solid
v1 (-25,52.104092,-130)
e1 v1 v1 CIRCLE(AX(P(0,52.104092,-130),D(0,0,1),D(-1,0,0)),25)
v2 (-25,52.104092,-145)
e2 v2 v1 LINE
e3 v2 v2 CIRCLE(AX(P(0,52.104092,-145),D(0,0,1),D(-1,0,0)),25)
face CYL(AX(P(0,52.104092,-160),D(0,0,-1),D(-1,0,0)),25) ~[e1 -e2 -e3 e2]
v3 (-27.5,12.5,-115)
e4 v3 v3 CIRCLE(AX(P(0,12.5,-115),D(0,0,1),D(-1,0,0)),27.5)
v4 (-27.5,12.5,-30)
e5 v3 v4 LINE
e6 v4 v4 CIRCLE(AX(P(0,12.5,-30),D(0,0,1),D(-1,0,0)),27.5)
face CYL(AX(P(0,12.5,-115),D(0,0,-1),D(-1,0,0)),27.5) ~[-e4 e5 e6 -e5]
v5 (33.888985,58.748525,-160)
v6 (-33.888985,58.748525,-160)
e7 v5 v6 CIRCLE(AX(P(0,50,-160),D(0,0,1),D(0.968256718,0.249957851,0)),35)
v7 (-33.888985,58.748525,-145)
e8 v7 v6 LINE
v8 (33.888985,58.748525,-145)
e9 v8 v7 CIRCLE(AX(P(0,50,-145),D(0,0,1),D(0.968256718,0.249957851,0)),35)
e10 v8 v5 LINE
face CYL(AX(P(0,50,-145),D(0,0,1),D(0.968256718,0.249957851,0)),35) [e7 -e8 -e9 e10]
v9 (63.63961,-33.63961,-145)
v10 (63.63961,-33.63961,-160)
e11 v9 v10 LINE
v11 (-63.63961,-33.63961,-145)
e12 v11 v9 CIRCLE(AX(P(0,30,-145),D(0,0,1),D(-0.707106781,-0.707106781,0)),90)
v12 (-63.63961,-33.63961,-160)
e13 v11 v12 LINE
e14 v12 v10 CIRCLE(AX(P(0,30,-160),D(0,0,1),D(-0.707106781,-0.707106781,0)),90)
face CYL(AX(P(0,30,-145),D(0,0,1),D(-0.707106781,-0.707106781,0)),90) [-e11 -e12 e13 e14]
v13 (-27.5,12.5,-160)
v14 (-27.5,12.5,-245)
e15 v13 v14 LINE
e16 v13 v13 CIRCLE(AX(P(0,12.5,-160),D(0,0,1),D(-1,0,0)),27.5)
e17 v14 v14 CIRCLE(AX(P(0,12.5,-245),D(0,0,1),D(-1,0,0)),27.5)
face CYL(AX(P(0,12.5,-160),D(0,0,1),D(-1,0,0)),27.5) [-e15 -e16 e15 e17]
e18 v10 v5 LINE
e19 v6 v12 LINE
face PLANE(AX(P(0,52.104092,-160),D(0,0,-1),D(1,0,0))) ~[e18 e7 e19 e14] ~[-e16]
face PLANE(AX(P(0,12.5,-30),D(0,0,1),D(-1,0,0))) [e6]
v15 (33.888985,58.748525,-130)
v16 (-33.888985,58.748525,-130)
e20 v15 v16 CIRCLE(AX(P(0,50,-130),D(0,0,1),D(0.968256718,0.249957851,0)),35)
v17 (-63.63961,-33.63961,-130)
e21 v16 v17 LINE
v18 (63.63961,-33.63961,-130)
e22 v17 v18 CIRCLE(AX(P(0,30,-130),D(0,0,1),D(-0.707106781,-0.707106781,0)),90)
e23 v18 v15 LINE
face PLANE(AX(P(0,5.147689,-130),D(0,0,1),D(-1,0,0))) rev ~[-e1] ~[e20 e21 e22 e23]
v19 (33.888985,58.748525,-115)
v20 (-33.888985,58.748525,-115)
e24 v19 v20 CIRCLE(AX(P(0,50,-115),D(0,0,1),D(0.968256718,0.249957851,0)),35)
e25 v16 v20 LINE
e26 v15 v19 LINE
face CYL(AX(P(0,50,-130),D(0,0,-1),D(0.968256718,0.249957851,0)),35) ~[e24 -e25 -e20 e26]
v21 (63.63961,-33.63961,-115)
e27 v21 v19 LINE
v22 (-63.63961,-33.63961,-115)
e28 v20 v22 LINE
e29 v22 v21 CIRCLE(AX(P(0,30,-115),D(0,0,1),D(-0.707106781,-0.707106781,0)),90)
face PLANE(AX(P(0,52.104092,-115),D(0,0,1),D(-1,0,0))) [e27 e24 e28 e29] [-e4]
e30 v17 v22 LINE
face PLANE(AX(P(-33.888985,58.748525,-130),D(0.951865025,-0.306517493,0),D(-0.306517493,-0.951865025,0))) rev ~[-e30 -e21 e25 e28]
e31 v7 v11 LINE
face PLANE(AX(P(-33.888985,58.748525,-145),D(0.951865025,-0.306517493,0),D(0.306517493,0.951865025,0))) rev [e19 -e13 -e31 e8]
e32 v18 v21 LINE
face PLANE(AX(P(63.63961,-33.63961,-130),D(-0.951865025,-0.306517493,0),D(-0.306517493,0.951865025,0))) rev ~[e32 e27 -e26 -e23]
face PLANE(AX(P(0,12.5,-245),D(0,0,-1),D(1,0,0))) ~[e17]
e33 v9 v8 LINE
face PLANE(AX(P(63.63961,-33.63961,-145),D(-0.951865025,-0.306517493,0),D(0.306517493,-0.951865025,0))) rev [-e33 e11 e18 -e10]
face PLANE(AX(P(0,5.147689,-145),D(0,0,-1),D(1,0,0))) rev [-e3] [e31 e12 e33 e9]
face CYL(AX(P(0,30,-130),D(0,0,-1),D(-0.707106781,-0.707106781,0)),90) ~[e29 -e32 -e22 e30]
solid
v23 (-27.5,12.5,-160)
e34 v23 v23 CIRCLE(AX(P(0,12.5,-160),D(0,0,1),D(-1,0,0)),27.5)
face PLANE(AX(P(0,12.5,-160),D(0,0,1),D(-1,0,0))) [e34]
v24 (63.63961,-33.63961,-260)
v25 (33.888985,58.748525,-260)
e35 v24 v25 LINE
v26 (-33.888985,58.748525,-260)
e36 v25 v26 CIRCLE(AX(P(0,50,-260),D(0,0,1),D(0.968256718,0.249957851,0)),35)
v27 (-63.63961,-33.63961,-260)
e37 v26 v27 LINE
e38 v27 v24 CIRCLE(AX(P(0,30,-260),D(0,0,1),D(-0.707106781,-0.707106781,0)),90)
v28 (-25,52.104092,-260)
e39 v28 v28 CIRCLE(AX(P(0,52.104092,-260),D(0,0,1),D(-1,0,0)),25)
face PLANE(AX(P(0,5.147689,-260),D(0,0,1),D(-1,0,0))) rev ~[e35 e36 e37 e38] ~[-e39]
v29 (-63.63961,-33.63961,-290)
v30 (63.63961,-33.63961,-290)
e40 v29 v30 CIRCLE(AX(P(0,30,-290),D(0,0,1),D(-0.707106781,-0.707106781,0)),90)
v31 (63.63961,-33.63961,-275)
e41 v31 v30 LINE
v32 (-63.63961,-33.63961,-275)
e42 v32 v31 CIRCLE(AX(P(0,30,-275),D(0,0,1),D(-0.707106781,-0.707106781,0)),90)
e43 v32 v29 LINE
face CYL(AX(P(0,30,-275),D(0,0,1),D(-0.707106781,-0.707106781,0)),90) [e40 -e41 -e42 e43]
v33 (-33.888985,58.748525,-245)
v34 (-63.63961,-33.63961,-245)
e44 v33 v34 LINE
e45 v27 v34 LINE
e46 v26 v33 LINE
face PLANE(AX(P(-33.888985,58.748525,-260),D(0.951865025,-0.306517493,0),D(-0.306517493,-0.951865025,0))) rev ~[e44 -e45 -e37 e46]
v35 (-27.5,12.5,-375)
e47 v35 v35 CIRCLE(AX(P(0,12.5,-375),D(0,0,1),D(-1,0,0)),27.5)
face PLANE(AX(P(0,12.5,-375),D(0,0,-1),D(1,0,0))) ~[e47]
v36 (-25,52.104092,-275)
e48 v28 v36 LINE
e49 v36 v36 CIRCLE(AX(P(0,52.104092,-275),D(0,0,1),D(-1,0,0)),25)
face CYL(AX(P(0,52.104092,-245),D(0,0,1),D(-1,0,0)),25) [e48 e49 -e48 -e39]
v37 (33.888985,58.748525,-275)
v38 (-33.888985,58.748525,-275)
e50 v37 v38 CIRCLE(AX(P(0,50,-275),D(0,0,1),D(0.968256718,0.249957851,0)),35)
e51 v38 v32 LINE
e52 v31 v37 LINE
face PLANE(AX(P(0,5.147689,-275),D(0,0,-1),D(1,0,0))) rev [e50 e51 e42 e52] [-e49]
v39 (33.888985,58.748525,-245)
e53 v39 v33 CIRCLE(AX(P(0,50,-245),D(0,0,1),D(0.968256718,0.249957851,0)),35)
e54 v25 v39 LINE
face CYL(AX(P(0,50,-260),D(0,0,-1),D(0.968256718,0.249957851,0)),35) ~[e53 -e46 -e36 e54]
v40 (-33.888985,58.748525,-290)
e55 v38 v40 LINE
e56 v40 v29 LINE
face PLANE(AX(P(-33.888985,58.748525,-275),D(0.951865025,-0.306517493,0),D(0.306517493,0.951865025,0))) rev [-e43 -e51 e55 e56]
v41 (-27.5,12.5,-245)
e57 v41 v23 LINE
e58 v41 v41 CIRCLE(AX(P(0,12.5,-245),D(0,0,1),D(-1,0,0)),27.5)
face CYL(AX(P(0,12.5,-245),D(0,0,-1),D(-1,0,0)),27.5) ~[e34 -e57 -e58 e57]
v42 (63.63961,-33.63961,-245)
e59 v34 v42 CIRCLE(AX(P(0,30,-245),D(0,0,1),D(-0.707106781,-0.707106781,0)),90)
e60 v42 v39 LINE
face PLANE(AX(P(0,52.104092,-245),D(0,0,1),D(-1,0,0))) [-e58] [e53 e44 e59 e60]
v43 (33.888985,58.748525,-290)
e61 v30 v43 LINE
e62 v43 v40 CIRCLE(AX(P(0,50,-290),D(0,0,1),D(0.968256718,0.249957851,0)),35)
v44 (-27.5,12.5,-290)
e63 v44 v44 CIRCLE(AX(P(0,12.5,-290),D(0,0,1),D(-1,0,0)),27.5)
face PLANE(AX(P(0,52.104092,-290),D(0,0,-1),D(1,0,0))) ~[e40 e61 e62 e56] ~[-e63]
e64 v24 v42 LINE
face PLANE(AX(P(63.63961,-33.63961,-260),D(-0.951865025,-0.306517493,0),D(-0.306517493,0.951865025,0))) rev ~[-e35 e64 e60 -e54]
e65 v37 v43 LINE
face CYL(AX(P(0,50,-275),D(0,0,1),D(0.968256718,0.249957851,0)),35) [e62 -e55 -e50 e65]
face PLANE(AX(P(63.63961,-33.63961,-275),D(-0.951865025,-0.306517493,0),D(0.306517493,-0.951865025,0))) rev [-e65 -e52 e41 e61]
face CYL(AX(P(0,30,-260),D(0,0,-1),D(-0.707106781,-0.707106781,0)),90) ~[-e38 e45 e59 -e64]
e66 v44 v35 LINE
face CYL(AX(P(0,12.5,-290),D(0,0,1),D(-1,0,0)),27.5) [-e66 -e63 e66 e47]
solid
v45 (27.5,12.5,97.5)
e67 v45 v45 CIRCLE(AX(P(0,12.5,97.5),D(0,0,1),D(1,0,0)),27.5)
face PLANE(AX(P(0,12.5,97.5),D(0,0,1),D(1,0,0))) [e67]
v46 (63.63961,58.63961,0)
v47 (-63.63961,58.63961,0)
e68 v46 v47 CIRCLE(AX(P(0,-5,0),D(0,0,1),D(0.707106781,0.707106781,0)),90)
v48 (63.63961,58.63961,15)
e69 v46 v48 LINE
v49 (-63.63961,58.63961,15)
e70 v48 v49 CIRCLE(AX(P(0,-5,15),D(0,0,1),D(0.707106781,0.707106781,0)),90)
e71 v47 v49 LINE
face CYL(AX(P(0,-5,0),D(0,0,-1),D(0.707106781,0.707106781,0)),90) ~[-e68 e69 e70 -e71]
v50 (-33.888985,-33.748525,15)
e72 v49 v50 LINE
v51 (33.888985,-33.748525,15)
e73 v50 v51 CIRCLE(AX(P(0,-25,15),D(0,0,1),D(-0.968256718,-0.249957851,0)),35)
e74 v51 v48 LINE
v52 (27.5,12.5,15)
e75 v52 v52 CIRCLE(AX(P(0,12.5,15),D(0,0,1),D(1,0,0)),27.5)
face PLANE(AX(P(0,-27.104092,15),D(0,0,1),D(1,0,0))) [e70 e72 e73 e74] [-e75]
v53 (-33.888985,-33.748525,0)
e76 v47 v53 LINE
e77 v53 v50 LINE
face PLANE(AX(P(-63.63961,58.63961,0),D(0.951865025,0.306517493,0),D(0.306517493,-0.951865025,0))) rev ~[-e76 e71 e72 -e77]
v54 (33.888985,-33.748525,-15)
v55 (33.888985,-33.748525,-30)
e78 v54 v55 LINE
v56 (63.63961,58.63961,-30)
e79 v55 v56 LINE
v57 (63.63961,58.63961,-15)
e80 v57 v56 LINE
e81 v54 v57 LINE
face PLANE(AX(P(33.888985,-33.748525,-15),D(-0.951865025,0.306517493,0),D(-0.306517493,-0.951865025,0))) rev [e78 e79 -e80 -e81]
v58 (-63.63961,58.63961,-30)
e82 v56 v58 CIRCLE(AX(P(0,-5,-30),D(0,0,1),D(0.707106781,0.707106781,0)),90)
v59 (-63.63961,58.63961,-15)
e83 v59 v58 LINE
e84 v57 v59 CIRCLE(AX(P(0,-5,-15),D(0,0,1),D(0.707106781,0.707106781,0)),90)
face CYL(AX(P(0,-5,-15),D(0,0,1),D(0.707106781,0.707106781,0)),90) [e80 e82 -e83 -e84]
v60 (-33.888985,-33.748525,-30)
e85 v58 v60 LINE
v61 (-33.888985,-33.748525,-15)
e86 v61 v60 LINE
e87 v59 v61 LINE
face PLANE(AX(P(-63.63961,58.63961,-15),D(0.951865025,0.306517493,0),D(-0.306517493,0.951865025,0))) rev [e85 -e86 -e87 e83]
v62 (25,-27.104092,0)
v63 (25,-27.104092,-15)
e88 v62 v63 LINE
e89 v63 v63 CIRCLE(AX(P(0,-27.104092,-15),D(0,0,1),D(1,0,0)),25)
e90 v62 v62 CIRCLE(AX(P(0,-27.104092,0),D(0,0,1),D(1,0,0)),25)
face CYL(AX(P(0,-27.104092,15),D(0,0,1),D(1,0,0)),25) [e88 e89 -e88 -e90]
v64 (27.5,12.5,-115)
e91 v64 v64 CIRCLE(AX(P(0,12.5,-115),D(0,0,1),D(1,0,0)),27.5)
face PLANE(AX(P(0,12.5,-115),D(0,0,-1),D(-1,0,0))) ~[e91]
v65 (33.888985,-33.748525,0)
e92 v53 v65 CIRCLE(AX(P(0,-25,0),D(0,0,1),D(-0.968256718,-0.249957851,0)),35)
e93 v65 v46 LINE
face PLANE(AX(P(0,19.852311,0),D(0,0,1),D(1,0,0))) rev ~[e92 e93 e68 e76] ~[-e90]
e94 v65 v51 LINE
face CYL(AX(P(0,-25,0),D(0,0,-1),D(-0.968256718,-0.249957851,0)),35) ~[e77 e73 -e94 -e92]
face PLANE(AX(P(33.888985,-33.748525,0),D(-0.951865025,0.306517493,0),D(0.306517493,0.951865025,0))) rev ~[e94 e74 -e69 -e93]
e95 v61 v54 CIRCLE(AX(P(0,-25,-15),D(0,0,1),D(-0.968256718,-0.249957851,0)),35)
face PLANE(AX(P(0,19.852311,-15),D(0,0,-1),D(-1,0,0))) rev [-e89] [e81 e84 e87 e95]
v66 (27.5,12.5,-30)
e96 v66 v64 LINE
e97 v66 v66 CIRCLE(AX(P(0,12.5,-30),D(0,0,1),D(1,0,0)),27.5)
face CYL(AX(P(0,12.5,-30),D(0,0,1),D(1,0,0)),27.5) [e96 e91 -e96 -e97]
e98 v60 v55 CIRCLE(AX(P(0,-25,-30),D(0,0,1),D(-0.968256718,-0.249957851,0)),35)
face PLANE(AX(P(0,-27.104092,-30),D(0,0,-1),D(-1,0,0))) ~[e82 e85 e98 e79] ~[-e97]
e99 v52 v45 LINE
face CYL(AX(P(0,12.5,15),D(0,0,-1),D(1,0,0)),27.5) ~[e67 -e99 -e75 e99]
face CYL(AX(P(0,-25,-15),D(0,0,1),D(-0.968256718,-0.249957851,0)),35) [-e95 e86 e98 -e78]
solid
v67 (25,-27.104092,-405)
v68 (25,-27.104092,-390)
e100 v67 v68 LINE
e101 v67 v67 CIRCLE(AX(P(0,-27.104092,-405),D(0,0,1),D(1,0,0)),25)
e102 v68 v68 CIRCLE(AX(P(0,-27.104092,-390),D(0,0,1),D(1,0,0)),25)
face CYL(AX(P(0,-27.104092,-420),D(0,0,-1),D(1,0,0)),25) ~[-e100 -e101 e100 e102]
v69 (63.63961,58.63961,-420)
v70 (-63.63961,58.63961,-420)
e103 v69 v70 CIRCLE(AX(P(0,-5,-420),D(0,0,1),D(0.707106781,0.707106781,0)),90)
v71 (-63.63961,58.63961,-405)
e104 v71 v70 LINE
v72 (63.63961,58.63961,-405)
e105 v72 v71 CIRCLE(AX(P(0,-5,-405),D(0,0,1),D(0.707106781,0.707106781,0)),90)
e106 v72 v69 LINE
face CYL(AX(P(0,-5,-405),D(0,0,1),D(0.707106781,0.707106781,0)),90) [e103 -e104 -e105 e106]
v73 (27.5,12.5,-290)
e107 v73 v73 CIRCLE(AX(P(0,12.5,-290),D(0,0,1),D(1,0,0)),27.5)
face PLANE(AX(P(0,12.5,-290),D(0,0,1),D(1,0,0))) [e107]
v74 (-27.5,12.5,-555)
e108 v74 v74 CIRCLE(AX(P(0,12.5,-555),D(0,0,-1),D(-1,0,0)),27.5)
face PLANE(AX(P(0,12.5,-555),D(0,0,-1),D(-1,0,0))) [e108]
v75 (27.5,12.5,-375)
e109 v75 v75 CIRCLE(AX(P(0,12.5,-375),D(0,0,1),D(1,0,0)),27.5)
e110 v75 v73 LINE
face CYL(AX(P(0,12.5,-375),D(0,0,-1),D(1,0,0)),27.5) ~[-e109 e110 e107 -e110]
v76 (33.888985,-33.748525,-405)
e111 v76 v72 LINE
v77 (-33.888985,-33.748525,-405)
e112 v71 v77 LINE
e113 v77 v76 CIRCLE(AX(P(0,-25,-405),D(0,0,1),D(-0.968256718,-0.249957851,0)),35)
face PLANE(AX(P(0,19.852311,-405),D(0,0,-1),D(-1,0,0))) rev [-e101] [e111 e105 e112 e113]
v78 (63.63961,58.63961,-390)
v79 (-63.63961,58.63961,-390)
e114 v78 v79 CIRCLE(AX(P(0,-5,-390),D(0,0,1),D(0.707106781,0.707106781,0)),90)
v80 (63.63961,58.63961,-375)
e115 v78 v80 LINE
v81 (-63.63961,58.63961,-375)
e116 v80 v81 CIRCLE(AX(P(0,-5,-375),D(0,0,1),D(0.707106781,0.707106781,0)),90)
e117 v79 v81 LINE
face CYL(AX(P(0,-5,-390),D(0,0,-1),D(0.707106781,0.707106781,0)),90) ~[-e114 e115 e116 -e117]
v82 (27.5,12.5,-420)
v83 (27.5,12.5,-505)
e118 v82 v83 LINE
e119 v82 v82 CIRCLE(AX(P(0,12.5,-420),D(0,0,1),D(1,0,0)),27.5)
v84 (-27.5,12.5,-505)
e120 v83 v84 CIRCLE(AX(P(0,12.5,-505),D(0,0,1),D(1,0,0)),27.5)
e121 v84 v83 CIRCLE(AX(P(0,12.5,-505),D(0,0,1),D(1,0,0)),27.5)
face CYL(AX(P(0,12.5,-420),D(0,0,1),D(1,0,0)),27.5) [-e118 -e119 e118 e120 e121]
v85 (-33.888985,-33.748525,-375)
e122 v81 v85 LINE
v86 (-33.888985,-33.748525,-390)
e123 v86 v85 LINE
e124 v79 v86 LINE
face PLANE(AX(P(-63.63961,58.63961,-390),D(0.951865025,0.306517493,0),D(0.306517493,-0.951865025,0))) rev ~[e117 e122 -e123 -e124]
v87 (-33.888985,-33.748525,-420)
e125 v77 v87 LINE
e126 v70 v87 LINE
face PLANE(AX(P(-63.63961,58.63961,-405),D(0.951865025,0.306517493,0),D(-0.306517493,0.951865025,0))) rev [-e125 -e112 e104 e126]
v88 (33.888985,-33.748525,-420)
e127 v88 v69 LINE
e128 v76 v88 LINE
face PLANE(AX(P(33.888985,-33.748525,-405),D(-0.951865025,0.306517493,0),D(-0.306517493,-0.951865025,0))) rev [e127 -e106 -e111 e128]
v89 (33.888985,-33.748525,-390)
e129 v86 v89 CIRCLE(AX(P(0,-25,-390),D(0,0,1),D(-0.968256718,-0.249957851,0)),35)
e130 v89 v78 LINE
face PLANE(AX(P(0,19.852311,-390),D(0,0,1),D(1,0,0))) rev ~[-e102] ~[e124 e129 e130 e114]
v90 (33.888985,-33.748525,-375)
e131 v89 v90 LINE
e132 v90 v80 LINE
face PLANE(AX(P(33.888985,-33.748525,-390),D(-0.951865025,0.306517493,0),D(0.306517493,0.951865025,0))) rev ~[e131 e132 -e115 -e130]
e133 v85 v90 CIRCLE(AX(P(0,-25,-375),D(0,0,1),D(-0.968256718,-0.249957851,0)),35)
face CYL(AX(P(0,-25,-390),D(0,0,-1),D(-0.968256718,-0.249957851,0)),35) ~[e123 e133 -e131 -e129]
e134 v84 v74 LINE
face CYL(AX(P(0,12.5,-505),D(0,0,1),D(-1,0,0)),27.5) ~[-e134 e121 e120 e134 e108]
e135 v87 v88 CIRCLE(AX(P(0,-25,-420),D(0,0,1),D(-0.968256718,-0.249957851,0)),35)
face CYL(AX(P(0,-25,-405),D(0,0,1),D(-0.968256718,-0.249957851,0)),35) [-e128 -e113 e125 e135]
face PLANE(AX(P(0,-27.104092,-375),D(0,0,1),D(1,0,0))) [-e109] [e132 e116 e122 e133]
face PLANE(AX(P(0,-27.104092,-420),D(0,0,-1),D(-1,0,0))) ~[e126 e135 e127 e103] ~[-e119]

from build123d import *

# Parameters (mm, degrees)
BOSS_EXTRUDE1_DEPTH   = 15
SKETCH3_R             = 25
BOSS_EXTRUDE2_DEPTH   = 30
SKETCH4_R             = 27.5
BOSS_EXTRUDE3_DEPTH   = 85
BODY_MOVE_COPY3_ANGLE = 180
BOSS_EXTRUDE5_START   = 302.5
SKETCH6_R             = 27.5
BOSS_EXTRUDE5_DEPTH   = 50
SKETCH5_R             = 27.5
CUT_EXTRUDE4_DEPTH    = 2.5


with BuildPart() as part:
    # Sketch1 → Boss-Extrude1 (new body)
    with BuildSketch(Plane.XY):
        with BuildLine():
            Line((-63.639610307, 58.639610307), (-33.888985145, -33.748524782))
            ThreePointArc((-33.888985145, -33.748524782), (0, -60), (33.888985145, -33.748524782))
            Line((33.888985145, -33.748524782), (63.639610307, 58.639610307))
            ThreePointArc((63.639610307, 58.639610307), (0, 85), (-63.639610307, 58.639610307))
        make_face()
    extrude(amount=BOSS_EXTRUDE1_DEPTH)

    # Sketch3 → Boss-Extrude2 (add)
    with BuildSketch(Plane.XY.offset(15)):
        with Locations((0, -27.10409222)):
            Circle(SKETCH3_R)
    extrude(amount=-BOSS_EXTRUDE2_DEPTH)

    # Sketch4 → Boss-Extrude3 (add)
    with BuildSketch(Plane.XY.offset(15)):
        with Locations((0, 12.5)):
            Circle(SKETCH4_R)
    extrude(amount=BOSS_EXTRUDE3_DEPTH)

    # Mirror5: part across plane


with BuildPart() as part_1:
    add(part.part)
    add(part.part.mirror(Plane(origin=(0, 0, -7.5), x_dir=(1, 0, 0), z_dir=(0, 0, -1))))


with BuildPart() as body_2:
    # Mirror6: mirrored copy
    add(part_1.part.mirror(Plane(origin=(0, 0, -72.5), x_dir=(1, 0, 0), z_dir=(0, 0, -1))))


with BuildPart() as body_2_1:
    # Body-Move/Copy3: moved
    add(body_2.part.rotate(Axis((0, 12.5, 0), (0, 0, 1)), BODY_MOVE_COPY3_ANGLE))


with BuildPart() as body_3:
    # Mirror7: mirrored copy
    add(body_2_1.part.mirror(Plane(origin=(0, 0, -202.5), x_dir=(1, 0, 0), z_dir=(0, 0, -1))))


with BuildPart() as body_4:
    # Mirror9: mirrored copy
    add(part_1.part.mirror(Plane(origin=(0, 0, -202.5), x_dir=(1, 0, 0), z_dir=(0, 0, -1))))

    # Sketch6 → Boss-Extrude5 (add)
    with BuildSketch(Plane(origin=(0, 0, -202.5), x_dir=(-1, 0, 0), z_dir=(0, 0, -1)).offset(BOSS_EXTRUDE5_START)):
        with Locations((0, 12.5)):
            Circle(SKETCH6_R)
    extrude(amount=BOSS_EXTRUDE5_DEPTH)


with BuildPart() as part_2:
    add(part_1.part)

    # Sketch5 → Cut-Extrude4 (cut)
    with BuildSketch(Plane.XY.offset(100)):
        with Locations((0, 12.5)):
            Circle(SKETCH5_R)
    extrude(amount=-CUT_EXTRUDE4_DEPTH, mode=Mode.SUBTRACT)


solid = Compound([body_2_1.part, body_3.part, body_4.part, part_2.part])
